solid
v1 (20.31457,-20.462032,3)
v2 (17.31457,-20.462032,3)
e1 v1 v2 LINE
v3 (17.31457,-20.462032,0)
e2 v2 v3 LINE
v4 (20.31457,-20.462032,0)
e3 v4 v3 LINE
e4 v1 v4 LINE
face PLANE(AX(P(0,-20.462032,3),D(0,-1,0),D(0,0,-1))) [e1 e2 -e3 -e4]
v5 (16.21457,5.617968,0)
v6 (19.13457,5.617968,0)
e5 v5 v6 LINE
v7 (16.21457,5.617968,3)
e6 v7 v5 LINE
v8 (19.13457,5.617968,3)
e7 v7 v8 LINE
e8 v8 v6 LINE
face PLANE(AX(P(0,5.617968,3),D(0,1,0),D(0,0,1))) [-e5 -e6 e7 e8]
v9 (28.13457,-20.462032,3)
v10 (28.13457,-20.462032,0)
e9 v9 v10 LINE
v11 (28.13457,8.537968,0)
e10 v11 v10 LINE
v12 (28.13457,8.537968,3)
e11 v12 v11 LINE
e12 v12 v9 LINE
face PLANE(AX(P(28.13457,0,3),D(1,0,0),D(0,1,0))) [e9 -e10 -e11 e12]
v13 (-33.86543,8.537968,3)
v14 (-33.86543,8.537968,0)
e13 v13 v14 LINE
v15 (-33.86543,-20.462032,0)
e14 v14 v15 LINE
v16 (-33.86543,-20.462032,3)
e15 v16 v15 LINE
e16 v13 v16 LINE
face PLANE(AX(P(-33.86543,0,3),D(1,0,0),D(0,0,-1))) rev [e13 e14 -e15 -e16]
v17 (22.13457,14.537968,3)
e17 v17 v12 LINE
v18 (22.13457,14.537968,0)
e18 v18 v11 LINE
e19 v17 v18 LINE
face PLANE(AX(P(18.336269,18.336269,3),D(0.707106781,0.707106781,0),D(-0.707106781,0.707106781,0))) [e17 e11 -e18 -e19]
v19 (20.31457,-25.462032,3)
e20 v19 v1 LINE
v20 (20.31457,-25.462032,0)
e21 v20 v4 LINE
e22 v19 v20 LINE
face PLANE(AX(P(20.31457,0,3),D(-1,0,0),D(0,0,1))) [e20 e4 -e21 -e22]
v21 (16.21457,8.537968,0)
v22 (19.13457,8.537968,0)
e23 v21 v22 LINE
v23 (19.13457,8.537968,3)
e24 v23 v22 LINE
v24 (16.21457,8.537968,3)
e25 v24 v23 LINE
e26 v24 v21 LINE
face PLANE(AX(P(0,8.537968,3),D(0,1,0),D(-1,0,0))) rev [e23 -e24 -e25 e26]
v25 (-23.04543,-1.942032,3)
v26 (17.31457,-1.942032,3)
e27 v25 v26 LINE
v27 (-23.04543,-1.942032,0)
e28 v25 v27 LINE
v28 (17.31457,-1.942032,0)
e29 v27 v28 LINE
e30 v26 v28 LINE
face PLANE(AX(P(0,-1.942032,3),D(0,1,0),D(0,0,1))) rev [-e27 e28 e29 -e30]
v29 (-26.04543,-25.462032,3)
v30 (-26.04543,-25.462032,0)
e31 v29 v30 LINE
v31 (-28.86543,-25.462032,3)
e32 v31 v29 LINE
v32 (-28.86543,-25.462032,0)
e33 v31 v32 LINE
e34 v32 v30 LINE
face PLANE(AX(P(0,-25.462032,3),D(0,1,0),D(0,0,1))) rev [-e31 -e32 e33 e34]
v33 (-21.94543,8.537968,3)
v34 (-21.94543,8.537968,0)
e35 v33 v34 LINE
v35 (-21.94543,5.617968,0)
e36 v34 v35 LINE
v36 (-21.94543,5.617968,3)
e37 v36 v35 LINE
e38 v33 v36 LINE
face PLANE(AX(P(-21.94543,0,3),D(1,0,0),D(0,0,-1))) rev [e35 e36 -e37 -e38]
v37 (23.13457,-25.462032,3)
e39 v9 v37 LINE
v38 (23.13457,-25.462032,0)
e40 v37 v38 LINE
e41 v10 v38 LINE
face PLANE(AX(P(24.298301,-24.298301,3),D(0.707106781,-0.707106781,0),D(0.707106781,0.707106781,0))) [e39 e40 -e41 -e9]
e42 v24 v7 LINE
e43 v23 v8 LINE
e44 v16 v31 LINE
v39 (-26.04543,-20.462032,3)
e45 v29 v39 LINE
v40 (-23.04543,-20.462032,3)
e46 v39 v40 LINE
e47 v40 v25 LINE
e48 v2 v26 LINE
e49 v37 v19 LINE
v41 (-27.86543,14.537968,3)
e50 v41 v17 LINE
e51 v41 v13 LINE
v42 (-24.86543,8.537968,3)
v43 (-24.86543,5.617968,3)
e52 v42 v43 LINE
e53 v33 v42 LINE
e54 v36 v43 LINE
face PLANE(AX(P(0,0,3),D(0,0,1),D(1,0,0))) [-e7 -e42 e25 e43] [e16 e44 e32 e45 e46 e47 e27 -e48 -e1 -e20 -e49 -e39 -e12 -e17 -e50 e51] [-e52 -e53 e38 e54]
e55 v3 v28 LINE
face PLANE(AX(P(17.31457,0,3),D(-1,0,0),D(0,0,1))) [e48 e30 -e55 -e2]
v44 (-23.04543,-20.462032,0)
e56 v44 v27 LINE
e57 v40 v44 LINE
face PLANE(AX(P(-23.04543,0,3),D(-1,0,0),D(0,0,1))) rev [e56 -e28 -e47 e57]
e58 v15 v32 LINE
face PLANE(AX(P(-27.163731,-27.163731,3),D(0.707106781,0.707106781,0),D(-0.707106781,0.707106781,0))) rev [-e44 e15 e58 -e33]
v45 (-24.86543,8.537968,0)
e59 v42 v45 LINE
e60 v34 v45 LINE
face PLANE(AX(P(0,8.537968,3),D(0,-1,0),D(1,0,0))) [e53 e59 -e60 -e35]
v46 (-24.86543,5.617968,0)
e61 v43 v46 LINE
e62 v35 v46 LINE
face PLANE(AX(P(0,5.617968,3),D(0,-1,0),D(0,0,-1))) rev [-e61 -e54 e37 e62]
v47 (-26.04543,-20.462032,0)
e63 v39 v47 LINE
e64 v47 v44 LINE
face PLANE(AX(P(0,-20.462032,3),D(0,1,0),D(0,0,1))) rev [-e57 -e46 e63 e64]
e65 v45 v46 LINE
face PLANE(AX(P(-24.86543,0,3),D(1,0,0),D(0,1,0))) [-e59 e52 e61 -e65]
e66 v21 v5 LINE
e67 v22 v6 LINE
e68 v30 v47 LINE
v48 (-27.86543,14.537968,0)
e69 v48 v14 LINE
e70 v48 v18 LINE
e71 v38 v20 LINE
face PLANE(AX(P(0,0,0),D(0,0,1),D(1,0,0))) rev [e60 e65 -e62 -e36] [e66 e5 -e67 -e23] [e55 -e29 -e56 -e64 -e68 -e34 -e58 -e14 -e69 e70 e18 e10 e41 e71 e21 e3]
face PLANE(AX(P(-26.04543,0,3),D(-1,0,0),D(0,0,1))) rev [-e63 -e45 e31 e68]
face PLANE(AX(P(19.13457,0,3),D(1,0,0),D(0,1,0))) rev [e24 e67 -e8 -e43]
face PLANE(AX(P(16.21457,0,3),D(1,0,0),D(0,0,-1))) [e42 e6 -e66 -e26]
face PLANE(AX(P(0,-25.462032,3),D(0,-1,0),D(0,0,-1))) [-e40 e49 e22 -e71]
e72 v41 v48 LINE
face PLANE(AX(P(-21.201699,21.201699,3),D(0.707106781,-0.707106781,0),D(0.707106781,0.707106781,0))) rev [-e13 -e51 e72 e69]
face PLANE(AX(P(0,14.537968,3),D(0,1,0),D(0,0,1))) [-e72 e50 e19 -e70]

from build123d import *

# Parameters (mm, degrees)
SKETCH1_W           = 2.92
SKETCH1_H           = 2.92
BOSS_EXTRUDE1_DEPTH = 3


with BuildPart() as part:
    # Sketch1 → Boss-Extrude1 (new body)
    with BuildSketch(Plane.XY):
        Polygon((28.134570185, 8.537968033), (22.134570185, 14.537968033), (-27.865429815, 14.537968033), (-33.865429815, 8.537968033), (-33.865429815, -20.462031967), (-28.865429815, -25.462031967), (-26.045429815, -25.462031967), (-26.045429815, -20.462031967), (-23.045429815, -20.462031967), (-23.045429815, -1.942031967), (17.314570185, -1.942031967), (17.314570185, -20.462031967), (20.314570185, -20.462031967), (20.314570185, -25.462031967), (23.134570185, -25.462031967), (28.134570185, -20.462031967), align=None)
        with Locations((-23.405429815, 7.077968033)):
            Rectangle(SKETCH1_W, SKETCH1_H, mode=Mode.SUBTRACT)
        with Locations((17.674570185, 7.077968033)):
            Rectangle(SKETCH1_W, SKETCH1_H, mode=Mode.SUBTRACT)
    extrude(amount=BOSS_EXTRUDE1_DEPTH)


solid = part.part
